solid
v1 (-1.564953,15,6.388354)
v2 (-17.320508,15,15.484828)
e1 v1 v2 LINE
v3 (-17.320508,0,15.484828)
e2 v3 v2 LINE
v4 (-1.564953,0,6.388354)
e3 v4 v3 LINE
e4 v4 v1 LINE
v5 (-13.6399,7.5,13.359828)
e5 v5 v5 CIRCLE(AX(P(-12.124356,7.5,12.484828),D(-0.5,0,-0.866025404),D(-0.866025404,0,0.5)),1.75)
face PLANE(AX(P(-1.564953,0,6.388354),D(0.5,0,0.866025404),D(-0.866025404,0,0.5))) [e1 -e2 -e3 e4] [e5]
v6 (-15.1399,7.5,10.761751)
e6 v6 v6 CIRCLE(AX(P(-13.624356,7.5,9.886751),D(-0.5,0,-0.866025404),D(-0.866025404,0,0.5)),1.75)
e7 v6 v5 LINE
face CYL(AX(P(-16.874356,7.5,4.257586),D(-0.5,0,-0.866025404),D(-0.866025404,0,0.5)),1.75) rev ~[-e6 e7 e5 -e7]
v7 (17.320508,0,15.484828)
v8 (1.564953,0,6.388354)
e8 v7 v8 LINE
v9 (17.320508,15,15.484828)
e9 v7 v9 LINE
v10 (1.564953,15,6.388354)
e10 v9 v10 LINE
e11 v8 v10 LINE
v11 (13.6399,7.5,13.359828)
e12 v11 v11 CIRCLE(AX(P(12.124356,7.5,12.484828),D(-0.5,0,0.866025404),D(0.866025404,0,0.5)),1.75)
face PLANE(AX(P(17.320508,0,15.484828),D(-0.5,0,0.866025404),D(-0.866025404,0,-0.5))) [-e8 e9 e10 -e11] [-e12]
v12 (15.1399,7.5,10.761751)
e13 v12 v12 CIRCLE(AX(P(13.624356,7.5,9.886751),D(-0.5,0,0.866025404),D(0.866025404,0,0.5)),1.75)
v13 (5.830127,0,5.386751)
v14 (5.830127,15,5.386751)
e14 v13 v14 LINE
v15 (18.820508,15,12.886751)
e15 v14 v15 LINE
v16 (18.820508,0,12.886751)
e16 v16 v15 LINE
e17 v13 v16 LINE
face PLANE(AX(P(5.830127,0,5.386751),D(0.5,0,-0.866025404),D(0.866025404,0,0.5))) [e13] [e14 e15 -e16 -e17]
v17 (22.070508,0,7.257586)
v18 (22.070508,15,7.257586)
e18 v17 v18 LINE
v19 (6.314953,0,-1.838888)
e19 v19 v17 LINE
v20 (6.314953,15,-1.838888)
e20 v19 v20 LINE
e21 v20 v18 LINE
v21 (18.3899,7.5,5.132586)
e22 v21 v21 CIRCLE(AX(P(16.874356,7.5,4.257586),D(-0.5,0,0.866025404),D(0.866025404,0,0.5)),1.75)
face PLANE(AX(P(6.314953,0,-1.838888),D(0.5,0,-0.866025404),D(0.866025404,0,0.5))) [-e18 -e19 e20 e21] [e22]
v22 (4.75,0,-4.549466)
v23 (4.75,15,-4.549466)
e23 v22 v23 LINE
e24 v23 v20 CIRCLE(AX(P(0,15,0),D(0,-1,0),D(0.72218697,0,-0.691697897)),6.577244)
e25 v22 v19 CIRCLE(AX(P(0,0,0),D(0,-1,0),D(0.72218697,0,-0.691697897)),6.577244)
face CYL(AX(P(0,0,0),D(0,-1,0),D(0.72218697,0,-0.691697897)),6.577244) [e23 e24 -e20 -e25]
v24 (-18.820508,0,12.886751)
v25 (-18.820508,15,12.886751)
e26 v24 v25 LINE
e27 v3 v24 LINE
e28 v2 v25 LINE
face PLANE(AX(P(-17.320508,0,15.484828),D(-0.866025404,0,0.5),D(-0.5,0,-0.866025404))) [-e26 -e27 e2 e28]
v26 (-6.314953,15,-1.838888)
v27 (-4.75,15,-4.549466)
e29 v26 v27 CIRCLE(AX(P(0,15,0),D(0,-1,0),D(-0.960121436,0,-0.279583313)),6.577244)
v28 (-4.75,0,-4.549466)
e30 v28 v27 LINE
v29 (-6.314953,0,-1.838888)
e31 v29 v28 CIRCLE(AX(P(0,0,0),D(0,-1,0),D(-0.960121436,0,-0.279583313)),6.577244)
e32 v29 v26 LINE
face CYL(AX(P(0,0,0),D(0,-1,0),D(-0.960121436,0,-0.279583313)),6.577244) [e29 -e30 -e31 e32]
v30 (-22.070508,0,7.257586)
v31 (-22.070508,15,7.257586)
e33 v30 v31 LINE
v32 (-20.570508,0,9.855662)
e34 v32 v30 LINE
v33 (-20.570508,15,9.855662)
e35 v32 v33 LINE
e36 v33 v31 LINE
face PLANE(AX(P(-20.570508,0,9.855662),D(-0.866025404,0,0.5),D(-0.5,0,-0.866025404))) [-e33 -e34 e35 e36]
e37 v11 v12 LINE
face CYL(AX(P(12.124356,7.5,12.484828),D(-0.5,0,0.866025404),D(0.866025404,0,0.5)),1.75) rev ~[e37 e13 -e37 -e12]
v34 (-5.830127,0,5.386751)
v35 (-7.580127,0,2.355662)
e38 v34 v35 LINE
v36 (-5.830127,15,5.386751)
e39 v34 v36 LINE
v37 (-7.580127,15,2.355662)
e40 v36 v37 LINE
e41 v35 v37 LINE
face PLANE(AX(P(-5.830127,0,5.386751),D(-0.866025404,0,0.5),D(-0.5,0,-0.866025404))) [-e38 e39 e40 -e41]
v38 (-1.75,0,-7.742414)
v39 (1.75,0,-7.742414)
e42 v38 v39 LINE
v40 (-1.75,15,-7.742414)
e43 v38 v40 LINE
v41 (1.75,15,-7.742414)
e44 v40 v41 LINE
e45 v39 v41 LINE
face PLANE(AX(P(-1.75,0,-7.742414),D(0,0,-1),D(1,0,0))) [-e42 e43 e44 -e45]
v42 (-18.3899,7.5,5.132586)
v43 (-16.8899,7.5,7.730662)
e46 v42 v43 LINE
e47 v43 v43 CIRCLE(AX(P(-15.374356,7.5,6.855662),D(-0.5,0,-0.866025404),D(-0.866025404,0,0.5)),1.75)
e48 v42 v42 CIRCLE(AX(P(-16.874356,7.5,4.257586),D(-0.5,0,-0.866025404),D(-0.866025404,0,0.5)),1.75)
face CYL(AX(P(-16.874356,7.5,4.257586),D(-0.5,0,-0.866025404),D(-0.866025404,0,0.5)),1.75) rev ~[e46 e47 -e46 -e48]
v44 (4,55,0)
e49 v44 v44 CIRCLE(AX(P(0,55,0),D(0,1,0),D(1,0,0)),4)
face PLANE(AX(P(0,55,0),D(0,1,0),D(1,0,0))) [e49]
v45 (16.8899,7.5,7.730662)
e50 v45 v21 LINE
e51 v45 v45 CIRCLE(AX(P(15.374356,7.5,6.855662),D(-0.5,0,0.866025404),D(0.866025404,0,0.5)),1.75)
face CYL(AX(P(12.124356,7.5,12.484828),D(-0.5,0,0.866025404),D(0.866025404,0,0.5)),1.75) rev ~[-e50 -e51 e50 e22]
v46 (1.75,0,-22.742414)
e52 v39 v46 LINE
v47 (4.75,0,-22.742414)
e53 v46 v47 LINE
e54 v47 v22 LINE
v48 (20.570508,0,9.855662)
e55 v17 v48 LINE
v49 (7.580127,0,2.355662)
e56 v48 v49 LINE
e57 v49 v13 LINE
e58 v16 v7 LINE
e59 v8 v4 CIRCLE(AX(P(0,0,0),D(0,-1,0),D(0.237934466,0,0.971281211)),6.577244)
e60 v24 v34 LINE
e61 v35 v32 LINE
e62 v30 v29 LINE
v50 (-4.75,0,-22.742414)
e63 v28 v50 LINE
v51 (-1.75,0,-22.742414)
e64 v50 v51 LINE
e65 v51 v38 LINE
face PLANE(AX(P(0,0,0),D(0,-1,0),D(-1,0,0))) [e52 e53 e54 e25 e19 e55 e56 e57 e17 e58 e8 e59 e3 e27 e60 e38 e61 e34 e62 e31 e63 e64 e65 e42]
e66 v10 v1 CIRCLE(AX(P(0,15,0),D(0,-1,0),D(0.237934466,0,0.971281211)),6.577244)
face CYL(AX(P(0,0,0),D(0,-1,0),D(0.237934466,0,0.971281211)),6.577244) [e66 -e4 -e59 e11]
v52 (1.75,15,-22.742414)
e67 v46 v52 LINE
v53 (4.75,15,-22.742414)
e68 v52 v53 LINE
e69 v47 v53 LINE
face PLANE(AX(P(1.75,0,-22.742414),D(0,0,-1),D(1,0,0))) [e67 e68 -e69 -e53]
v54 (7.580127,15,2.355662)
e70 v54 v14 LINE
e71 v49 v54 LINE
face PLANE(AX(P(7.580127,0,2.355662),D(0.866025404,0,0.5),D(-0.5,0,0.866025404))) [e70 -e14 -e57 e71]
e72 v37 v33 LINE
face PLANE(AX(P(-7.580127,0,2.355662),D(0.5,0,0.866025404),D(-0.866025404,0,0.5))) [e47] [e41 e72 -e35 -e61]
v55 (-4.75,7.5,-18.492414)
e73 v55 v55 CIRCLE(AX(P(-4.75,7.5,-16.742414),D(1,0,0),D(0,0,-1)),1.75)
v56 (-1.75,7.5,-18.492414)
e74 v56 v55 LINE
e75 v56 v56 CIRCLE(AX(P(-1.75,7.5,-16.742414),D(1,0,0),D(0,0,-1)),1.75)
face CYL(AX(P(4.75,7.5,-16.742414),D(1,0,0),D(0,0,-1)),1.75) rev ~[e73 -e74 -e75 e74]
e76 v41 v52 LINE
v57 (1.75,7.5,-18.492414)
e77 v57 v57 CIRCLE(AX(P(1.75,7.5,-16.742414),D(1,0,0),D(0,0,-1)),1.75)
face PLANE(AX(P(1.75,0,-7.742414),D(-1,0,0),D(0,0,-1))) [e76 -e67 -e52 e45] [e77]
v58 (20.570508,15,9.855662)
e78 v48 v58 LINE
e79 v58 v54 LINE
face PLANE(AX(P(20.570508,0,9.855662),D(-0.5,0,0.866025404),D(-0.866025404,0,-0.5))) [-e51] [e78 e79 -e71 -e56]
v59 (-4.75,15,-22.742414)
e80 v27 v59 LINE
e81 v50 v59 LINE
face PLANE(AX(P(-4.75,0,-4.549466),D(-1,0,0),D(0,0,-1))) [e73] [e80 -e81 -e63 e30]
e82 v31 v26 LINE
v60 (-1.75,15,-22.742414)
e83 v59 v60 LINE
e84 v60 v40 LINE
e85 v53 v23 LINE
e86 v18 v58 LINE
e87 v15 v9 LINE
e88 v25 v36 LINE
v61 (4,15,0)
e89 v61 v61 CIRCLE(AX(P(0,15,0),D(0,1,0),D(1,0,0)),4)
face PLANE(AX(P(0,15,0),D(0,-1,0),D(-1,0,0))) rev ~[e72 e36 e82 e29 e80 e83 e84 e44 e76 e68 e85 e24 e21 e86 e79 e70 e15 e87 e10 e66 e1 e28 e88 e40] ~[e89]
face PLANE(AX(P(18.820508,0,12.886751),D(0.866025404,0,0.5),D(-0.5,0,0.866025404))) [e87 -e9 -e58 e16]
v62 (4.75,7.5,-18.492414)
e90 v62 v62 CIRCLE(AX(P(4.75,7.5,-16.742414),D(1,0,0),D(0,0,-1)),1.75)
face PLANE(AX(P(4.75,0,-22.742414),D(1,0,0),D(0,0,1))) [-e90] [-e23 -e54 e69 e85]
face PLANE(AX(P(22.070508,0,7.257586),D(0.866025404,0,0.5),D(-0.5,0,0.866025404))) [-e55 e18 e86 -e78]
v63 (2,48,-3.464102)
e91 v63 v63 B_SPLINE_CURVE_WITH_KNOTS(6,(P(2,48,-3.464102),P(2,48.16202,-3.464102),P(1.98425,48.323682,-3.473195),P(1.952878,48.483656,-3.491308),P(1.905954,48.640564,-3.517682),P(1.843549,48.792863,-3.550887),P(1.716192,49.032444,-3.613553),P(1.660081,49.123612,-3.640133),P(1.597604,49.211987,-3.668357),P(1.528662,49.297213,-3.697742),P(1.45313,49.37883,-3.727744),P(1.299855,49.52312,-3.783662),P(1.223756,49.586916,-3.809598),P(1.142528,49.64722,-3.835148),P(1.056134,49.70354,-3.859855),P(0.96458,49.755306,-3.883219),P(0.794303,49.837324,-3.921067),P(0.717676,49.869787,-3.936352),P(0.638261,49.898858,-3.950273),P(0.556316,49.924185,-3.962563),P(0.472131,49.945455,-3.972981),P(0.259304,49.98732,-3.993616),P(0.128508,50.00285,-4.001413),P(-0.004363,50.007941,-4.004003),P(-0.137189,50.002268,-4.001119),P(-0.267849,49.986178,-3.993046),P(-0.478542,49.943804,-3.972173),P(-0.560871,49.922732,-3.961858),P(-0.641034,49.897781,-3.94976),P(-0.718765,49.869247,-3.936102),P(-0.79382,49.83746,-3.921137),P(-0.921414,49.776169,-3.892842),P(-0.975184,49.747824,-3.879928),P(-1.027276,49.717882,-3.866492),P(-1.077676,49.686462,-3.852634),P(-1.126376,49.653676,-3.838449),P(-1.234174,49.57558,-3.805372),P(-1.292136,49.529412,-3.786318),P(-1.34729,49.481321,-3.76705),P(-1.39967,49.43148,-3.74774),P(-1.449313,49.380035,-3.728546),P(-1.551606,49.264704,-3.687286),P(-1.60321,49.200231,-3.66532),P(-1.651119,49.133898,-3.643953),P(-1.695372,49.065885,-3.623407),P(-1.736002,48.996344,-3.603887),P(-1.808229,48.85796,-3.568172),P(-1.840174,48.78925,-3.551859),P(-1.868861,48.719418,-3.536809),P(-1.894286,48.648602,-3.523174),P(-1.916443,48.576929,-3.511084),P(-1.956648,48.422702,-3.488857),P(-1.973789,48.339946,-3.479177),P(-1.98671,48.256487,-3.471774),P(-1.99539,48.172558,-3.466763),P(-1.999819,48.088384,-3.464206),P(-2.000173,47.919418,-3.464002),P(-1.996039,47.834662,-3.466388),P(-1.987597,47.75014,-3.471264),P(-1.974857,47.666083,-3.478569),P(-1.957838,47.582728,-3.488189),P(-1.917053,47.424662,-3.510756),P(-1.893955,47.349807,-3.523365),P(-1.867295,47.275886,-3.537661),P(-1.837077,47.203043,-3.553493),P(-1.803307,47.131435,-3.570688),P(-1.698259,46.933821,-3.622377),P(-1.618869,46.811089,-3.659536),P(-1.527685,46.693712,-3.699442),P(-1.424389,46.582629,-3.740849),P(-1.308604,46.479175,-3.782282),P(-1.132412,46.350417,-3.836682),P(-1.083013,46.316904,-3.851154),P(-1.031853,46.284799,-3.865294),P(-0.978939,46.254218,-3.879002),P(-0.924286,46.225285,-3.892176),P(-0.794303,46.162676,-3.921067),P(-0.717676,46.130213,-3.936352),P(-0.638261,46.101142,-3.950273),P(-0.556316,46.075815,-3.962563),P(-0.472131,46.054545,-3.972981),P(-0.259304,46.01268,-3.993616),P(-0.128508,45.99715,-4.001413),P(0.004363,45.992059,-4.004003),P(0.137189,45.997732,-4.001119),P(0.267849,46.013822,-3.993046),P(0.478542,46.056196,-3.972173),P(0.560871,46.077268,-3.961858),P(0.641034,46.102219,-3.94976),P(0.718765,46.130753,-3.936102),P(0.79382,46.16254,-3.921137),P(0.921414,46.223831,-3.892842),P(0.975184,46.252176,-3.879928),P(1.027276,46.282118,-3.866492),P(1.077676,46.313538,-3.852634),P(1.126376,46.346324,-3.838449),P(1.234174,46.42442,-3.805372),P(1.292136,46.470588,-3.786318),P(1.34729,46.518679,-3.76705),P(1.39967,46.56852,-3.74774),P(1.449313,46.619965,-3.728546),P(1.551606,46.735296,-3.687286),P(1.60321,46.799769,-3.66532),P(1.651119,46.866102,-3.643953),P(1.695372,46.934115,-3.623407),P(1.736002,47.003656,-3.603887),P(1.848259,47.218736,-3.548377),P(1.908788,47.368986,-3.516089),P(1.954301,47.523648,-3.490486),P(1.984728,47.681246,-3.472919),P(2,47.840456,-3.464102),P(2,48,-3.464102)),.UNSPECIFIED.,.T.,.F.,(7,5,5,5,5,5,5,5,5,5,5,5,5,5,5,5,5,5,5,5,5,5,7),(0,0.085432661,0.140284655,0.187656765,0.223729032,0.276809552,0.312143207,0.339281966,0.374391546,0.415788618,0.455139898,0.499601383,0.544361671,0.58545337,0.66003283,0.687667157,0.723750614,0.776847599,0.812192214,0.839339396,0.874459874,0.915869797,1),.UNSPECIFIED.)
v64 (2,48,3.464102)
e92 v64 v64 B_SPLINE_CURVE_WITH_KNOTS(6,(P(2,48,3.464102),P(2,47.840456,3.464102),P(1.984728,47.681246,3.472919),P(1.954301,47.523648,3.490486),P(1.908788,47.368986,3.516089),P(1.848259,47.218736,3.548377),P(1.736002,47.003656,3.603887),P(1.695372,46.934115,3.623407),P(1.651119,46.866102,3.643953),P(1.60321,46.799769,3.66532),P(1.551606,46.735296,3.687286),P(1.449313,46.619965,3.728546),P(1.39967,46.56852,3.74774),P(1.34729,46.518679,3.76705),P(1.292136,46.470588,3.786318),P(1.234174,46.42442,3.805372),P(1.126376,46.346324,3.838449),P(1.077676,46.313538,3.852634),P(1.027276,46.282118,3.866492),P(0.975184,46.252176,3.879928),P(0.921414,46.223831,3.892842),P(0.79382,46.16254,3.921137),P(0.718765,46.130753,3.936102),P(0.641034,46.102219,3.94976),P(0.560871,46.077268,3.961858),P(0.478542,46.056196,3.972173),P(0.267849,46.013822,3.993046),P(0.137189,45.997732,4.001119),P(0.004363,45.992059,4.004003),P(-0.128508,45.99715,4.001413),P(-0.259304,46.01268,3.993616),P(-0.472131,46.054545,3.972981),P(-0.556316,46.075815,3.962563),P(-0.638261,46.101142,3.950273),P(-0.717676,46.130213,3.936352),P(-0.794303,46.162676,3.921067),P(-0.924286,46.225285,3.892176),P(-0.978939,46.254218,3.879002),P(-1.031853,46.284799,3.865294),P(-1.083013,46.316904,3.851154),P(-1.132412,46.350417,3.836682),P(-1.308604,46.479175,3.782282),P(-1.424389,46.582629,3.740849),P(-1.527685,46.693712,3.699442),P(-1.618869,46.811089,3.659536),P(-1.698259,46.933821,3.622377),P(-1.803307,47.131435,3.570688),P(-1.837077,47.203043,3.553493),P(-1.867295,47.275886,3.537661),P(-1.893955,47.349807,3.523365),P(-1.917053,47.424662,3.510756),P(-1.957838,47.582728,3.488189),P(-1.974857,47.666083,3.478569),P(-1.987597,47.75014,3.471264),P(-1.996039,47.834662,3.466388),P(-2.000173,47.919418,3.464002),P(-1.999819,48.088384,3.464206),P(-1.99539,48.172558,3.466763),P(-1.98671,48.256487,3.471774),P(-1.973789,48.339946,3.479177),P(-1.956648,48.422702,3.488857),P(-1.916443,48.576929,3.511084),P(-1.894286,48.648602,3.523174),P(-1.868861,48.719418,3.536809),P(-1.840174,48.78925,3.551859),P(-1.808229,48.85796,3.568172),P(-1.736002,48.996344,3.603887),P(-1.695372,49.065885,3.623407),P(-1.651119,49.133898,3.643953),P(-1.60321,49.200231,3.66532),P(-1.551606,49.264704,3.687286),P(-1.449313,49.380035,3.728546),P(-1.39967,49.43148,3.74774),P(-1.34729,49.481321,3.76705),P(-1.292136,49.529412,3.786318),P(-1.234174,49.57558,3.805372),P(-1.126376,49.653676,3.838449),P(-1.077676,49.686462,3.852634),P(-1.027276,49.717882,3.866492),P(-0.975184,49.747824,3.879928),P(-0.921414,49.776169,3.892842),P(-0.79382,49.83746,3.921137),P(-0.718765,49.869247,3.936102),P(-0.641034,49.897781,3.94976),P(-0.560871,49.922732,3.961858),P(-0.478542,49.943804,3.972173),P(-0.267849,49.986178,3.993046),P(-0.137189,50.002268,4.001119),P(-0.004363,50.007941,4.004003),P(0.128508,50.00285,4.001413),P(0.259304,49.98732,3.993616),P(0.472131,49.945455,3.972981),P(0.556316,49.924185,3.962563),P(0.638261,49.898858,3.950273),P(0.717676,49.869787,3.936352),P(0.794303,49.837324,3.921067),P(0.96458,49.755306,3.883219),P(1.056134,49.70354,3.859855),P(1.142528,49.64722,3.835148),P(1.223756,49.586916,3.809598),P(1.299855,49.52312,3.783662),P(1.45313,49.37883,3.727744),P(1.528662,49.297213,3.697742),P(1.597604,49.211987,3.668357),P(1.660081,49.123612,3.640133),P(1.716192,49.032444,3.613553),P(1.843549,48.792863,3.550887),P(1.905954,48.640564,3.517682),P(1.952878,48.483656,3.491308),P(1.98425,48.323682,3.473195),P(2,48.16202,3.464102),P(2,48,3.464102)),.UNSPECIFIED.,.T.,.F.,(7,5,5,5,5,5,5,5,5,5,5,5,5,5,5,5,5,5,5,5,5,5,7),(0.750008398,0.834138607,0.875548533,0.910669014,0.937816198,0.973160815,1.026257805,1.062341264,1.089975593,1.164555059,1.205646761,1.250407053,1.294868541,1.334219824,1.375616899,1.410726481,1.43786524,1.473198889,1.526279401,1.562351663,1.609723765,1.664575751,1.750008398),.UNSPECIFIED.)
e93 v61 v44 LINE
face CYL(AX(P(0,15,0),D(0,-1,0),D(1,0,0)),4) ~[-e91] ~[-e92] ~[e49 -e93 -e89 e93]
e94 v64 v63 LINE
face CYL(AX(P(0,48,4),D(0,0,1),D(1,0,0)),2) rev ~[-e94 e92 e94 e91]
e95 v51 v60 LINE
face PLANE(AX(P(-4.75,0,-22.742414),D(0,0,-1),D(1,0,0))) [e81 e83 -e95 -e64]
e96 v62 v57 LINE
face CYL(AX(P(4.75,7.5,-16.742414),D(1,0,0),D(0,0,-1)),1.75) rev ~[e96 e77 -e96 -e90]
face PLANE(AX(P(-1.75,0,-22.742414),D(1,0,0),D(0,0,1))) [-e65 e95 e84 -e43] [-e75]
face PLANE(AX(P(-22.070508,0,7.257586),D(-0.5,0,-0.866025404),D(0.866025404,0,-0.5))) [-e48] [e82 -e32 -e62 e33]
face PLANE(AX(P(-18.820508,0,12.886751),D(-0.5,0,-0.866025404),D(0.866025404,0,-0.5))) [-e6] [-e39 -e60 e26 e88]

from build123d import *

# Parameters (mm, degrees)
EXTRUDE_1_DEPTH     = 15
SKETCH_2_R          = 4
EXTRUDE_2_DEPTH     = 40
SKETCH_3_R          = 1.75
CUT_EXTRUDE_1_DEPTH = 15
SKETCH_4_R          = 1.75
CUT_EXTRUDE_2_DEPTH = 15
SKETCH_5_R          = 1.75
CUT_EXTRUDE_3_DEPTH = 15
SKETCH_7_R          = 2
CUT_EXTRUDE_4_DEPTH = 15


with BuildPart() as part:
    # 草圖1 → 填料-伸長1 (new body)
    with BuildSketch(Plane(origin=(0, 0, 0), x_dir=(1, 0, 0), z_dir=(0, 1, 0))):
        with BuildLine():
            Line((6.314953067, 1.838887704), (22.070508076, -7.257586221))
            Line((22.070508076, -7.257586221), (20.570508076, -9.855662433))
            Line((20.570508076, -9.855662433), (7.580127019, -2.355662433))
            Line((7.580127019, -2.355662433), (5.830127019, -5.386751346))
            Line((5.830127019, -5.386751346), (18.820508076, -12.886751346))
            Line((18.820508076, -12.886751346), (17.320508076, -15.484827557))
            Line((17.320508076, -15.484827557), (1.564953067, -6.388353632))
            ThreePointArc((1.564953067, -6.388353632), (0, -6.577244121), (-1.564953067, -6.388353632))
            Line((-1.564953067, -6.388353632), (-17.320508076, -15.484827557))
            Line((-17.320508076, -15.484827557), (-18.820508076, -12.886751346))
            Line((-18.820508076, -12.886751346), (-5.830127019, -5.386751346))
            Line((-5.830127019, -5.386751346), (-7.580127019, -2.355662433))
            Line((-7.580127019, -2.355662433), (-20.570508076, -9.855662433))
            Line((-20.570508076, -9.855662433), (-22.070508076, -7.257586221))
            Line((-22.070508076, -7.257586221), (-6.314953067, 1.838887704))
            ThreePointArc((-6.314953067, 1.838887704), (-5.696060496, 3.28862206), (-4.75, 4.549465928))
            Line((-4.75, 4.549465928), (-4.75, 22.742413779))
            Line((-4.75, 22.742413779), (-1.75, 22.742413779))
            Line((-1.75, 22.742413779), (-1.75, 7.742413779))
            Line((-1.75, 7.742413779), (1.75, 7.742413779))
            Line((1.75, 7.742413779), (1.75, 22.742413779))
            Line((1.75, 22.742413779), (4.75, 22.742413779))
            Line((4.75, 22.742413779), (4.75, 4.549465928))
            ThreePointArc((4.75, 4.549465928), (5.696060496, 3.28862206), (6.314953067, 1.838887704))
        make_face()
    extrude(amount=EXTRUDE_1_DEPTH)

    # 草圖2 → 填料-伸長2 (add)
    with BuildSketch(Plane(origin=(0, 15, 0), x_dir=(1, 0, 0), z_dir=(0, 1, 0))):
        Circle(SKETCH_2_R)
    extrude(amount=EXTRUDE_2_DEPTH)

    # 草圖3 → 除料-伸長1 (cut)
    with BuildSketch(Plane(origin=(4.75, 0, 0), x_dir=(0, 0, -1), z_dir=(1, 0, 0))):
        with Locations((16.742413779, 7.5)):
            Circle(SKETCH_3_R)
    extrude(amount=-CUT_EXTRUDE_1_DEPTH, mode=Mode.SUBTRACT)

    # 草圖4 → 除料-伸長2 (cut)
    with BuildSketch(Plane(origin=(-2.375, 0, -4.113620668), x_dir=(-0.866025404, 0, 0.5), z_dir=(-0.5, 0, -0.866025404))):
        with Locations((16.742413779, 7.5)):
            Circle(SKETCH_4_R)
    extrude(amount=-CUT_EXTRUDE_2_DEPTH, mode=Mode.SUBTRACT)

    # 草圖5 → 除料-伸長3 (cut)
    with BuildSketch(Plane(origin=(-2.375, 0, 4.113620668), x_dir=(0.866025404, 0, 0.5), z_dir=(-0.5, 0, 0.866025404))):
        with Locations((16.742413779, 7.5)):
            Circle(SKETCH_5_R)
    extrude(amount=-CUT_EXTRUDE_3_DEPTH, mode=Mode.SUBTRACT)

    # 草圖7 → 除料-伸長4 (cut)
    with BuildSketch(Plane.XY.offset(4)):
        with Locations((0, 48)):
            Circle(SKETCH_7_R)
    extrude(amount=-CUT_EXTRUDE_4_DEPTH, mode=Mode.SUBTRACT)


solid = part.part
